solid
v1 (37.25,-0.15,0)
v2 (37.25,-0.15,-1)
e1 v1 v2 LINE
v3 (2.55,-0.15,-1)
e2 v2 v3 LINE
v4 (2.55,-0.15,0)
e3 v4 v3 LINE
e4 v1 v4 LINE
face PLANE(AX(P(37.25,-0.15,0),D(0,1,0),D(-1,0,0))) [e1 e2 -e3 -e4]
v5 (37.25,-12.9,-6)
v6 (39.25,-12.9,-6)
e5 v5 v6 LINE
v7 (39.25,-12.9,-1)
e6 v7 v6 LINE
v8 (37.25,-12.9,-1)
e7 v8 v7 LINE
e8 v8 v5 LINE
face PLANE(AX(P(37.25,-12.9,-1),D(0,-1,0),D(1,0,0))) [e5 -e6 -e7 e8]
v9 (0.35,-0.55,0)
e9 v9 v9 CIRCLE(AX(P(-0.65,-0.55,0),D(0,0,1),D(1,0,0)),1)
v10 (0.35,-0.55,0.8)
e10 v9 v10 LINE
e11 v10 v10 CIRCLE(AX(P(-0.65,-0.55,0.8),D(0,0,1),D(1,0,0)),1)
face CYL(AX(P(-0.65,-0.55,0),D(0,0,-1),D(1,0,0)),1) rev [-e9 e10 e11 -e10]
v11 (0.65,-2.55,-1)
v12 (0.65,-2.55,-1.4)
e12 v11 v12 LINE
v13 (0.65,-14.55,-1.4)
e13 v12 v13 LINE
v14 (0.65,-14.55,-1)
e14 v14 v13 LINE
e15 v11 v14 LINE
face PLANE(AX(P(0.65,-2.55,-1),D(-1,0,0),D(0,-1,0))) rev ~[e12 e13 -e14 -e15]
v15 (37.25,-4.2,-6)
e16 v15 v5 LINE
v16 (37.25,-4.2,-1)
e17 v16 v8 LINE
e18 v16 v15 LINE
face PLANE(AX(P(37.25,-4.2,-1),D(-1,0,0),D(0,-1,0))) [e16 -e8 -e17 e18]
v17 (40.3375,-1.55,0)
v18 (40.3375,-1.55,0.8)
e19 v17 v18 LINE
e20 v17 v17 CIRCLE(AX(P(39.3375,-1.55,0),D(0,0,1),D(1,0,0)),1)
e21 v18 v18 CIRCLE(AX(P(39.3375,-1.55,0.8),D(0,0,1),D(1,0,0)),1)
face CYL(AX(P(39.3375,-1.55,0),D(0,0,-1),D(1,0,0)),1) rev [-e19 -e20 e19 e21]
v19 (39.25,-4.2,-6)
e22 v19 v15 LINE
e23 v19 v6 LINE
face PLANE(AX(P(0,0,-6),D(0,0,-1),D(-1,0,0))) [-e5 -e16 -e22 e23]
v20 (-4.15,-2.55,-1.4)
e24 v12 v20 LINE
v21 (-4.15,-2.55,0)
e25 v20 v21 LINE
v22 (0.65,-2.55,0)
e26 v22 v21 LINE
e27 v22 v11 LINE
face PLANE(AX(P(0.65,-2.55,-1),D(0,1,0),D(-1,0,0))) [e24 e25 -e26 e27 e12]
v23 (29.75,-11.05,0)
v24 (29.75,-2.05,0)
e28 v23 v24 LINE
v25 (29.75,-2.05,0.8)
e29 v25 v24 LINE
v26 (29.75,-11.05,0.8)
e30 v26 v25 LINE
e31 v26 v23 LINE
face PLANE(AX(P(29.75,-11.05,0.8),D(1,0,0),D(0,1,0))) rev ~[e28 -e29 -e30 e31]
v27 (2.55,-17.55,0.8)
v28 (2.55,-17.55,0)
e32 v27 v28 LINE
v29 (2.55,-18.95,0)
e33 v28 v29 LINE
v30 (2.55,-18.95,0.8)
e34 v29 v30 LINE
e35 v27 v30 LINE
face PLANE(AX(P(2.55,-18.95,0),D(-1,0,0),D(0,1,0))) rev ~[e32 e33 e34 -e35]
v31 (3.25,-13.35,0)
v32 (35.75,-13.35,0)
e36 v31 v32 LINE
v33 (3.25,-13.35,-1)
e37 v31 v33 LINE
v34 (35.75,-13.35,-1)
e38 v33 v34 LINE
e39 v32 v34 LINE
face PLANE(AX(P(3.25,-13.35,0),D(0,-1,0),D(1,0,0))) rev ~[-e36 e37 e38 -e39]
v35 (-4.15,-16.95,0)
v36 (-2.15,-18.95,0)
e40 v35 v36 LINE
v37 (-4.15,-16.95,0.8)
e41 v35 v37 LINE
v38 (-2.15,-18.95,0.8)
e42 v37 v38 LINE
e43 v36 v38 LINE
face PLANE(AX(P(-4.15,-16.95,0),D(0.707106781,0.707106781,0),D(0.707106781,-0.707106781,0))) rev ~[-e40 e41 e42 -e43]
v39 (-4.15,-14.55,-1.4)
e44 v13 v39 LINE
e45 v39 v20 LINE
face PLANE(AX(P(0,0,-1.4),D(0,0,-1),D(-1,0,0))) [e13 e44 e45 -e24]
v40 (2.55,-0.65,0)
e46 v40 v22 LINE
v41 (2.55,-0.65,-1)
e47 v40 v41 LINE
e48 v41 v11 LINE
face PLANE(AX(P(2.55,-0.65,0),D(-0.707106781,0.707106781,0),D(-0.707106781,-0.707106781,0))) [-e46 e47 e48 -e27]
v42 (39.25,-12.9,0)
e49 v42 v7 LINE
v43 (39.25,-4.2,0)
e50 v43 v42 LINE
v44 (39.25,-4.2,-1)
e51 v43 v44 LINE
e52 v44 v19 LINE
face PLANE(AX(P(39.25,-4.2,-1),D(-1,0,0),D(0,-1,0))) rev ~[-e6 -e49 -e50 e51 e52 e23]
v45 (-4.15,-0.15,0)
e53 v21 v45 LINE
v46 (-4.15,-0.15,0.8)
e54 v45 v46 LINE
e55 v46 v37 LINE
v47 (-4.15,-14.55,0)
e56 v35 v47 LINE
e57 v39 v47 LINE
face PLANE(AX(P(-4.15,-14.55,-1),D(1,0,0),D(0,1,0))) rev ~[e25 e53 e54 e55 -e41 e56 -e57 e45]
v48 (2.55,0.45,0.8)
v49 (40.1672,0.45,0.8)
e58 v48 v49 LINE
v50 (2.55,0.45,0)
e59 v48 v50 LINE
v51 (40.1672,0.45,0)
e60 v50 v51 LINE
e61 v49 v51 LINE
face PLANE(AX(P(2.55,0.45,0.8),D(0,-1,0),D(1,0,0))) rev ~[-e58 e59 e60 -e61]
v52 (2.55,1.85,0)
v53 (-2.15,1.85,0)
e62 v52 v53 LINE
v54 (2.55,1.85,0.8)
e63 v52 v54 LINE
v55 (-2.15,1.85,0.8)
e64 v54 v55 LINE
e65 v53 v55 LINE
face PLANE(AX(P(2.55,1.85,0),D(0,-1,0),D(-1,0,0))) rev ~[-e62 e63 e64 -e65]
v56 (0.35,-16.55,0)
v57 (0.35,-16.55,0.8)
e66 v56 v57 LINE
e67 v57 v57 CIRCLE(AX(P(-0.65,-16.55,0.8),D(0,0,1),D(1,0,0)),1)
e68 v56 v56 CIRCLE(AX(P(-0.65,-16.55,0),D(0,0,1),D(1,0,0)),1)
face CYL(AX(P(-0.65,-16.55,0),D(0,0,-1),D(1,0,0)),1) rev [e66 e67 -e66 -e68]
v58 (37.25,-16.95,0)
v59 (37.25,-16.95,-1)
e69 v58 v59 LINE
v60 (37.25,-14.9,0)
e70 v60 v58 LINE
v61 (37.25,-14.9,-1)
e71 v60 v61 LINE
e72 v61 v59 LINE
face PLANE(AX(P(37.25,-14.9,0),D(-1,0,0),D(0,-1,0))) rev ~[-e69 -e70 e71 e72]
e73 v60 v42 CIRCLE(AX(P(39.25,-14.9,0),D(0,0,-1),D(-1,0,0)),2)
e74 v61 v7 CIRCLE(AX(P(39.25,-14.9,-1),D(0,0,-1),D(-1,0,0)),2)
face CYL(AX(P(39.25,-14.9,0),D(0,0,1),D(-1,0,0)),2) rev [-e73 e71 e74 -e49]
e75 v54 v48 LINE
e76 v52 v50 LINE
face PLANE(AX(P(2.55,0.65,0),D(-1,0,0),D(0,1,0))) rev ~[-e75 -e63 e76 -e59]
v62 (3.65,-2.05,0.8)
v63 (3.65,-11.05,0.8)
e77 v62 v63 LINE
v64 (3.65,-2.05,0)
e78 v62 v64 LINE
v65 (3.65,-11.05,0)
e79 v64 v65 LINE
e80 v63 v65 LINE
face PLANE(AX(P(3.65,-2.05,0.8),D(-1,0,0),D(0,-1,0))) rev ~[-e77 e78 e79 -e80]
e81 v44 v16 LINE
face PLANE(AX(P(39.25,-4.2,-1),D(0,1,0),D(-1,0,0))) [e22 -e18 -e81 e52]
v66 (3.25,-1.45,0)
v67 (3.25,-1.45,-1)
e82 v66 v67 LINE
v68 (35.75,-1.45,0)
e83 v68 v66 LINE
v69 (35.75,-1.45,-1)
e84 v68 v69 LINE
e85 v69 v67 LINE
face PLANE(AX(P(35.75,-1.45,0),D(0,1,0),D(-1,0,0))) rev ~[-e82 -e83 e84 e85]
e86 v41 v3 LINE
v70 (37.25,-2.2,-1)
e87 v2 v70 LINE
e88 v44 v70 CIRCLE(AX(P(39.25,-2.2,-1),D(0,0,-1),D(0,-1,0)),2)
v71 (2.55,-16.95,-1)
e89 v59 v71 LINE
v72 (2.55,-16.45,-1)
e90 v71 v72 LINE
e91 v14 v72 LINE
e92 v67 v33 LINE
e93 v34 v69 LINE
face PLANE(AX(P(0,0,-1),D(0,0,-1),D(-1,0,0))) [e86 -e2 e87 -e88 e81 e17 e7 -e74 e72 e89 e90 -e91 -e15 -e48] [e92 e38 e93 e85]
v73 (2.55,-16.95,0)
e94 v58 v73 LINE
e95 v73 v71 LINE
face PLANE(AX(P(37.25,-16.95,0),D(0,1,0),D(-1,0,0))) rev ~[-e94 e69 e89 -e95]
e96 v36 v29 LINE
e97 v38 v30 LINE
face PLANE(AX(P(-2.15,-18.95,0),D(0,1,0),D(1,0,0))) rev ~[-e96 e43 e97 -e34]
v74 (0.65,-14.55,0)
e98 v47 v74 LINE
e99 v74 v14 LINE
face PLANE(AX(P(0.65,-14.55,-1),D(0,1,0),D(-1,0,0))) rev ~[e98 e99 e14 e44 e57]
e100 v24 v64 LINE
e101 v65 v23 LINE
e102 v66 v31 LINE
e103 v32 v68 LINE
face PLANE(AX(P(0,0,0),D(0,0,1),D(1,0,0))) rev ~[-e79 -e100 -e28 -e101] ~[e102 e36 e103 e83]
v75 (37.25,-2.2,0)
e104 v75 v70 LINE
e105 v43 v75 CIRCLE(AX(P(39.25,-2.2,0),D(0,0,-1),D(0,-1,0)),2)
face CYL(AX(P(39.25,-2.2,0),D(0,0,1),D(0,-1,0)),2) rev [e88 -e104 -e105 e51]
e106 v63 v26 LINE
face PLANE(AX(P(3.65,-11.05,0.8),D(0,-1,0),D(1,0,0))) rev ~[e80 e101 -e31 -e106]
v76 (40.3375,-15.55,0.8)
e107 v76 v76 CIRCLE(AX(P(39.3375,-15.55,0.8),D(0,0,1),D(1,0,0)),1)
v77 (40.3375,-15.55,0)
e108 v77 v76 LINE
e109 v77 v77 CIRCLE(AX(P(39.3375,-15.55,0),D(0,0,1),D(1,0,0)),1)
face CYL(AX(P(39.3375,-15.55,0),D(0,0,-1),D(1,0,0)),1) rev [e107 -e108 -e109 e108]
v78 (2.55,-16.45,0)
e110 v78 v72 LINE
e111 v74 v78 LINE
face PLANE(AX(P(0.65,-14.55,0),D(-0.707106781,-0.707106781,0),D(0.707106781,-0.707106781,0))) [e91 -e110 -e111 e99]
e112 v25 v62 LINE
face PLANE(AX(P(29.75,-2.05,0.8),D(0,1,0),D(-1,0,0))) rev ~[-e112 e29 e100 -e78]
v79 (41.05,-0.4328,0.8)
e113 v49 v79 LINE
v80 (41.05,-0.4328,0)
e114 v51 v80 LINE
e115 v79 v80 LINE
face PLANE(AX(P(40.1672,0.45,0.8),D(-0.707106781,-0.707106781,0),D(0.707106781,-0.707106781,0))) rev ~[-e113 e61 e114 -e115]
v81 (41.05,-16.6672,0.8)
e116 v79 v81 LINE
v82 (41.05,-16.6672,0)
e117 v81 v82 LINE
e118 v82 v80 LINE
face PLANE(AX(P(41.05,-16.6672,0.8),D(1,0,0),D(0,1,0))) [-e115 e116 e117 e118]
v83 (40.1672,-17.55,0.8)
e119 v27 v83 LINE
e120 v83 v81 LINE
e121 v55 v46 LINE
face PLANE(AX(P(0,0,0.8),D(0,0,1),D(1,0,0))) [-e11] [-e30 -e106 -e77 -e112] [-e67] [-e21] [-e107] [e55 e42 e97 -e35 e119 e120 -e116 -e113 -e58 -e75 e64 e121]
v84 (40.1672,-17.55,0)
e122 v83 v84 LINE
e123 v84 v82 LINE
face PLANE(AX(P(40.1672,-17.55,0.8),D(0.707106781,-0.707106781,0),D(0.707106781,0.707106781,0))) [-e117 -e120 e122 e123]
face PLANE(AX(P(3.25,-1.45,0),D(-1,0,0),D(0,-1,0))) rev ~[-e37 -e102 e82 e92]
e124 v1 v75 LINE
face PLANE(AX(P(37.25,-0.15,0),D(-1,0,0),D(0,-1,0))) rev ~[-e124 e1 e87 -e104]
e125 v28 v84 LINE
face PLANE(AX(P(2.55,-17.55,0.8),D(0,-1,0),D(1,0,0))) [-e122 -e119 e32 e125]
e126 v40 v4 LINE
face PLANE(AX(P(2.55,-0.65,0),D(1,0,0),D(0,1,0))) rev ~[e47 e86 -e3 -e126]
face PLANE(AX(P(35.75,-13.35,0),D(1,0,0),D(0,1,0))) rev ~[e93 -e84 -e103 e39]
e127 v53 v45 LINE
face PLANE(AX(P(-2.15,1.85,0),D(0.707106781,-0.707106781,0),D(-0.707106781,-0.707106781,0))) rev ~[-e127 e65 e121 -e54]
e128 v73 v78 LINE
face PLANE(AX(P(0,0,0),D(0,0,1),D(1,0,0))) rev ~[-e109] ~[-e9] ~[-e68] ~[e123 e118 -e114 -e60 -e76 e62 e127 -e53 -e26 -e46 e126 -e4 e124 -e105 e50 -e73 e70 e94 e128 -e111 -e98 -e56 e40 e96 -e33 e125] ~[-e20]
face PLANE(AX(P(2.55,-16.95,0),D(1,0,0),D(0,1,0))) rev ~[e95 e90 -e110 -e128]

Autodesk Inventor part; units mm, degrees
ref_plane "YZ Plane" through (0, 0, 0) normal (1, 0, 0) x (0, 1, 0)
ref_plane "XZ Plane" through (0, 0, 0) normal (0, 1, 0) x (-1, 0, 0)
ref_plane "XY Plane" through (0, 0, 0) normal (0, 0, 1) x (1, 0, 0)
sketch "Эскиз1" plane through (0, 0, 0) normal (0, 0, 1) x (1, 0, 0)
  line L0 (40.25, 0.65) -> (37.25, 0.65) projected
  line L1 (37.25, 0.65) -> (37.25, -2.2) projected
  arc A0 (37.25, -2.2) -> (39.25, -4.2) centre (39.25, -2.2) ccw projected
  line L2 (39.25, -4.2) -> (39.25, -12.9) projected
  arc A1 (39.25, -12.9) -> (37.25, -14.9) centre (39.25, -14.9) ccw projected
  line L3 (37.25, -14.9) -> (37.25, -17.75) projected
  line L4 (37.25, -17.75) -> (40.25, -17.75) projected
  line L5 (40.25, -17.75) -> (41.25, -16.75) projected
  line L6 (41.25, -16.75) -> (41.25, -0.35) projected
  line L7 (41.25, -0.35) -> (40.25, 0.65) projected
  circle A2 centre (39.3375, -15.55) radius 1 projected
  circle A3 centre (39.3375, -1.55) radius 1 projected
  line L8 (2.55, -18.95) -> (2.55, -17.75) projected
  line L9 (2.55, -17.75) -> (2.55, -16.45) projected
  line L10 (0.65, -14.55) -> (2.55, -16.45) projected
  line L11 (-4.15, -14.55) -> (0.65, -14.55) projected
  line L12 (-4.15, -14.55) -> (-4.15, -16.95) projected
  line L13 (-4.15, -16.95) -> (-2.15, -18.95) projected
  line L14 (-2.15, -18.95) -> (2.55, -18.95) projected
  circle A4 centre (-0.65, -16.55) radius 1 projected
  line L15 (2.55, 0.65) -> (2.55, 1.85) projected
  line L16 (2.55, 1.85) -> (-2.15, 1.85) projected
  line L17 (-2.15, 1.85) -> (-4.15, -0.15) projected
  line L18 (-4.15, -0.15) -> (-4.15, -2.55) projected
  line L19 (0.65, -2.55) -> (-4.15, -2.55) projected
  line L20 (2.55, -0.65) -> (0.65, -2.55) projected
  line L21 (2.55, -0.65) -> (2.55, 0.65) projected
  circle A5 centre (-0.65, -0.55) radius 1 projected
  line L22 (2.55, 0.65) -> (40.25, 0.65) projected
  line L23 (40.25, -17.75) -> (2.55, -17.75) projected
  line L24 (-4.15, -14.55) -> (-4.15, -2.55) projected
  point P0 (0, 0)
extrude "Выдавливание1" add sketch "Эскиз1" along normal blind 0.8
sketch "Эскиз2" plane through (0, 0, 0.8) normal (0, 0, 1) x (1, 0, 0)
  line L0 (3.65, -11.05) -> (29.75, -11.05)
  line L1 (29.75, -11.05) -> (29.75, -2.05)
  line L2 (29.75, -2.05) -> (3.65, -2.05)
  line L3 (3.65, -2.05) -> (3.65, -11.05)
  line L4 (40.25, 0.65) -> (2.55, 0.65) projected
  line L5 (41.25, -16.75) -> (41.25, -0.35) projected
  point P0 (0, 0)
  dimension "d2" = 9
  dimension "d3" = 26.1
  dimension "d4" = 2.7
  dimension "d5" = 11.5
extrude "Выдавливание2" cut sketch "Эскиз2" against normal through all
sketch "Эскиз3" plane through (0, 0, 0) normal (0, 0, -1) x (-1, 0, 0)
  line L0 (-40.25, 0.65) -> (-37.25, 0.65) projected
  line L1 (-37.25, 0.65) -> (-37.25, -2.2) projected
  arc A0 (-39.25, -4.2) -> (-37.25, -2.2) centre (-39.25, -2.2) ccw projected
  line L2 (-39.25, -4.2) -> (-39.25, -12.9) projected
  arc A1 (-37.25, -14.9) -> (-39.25, -12.9) centre (-39.25, -14.9) ccw projected
  line L3 (-37.25, -14.9) -> (-37.25, -17.75) projected
  line L4 (-37.25, -17.75) -> (-40.25, -17.75) projected
  line L5 (-40.25, -17.75) -> (-41.25, -16.75) projected
  line L6 (-41.25, -16.75) -> (-41.25, -0.35) projected
  line L7 (-41.25, -0.35) -> (-40.25, 0.65) projected
  circle A2 centre (-39.3375, -15.55) radius 1 projected
  circle A3 centre (-39.3375, -1.55) radius 1 projected
  line L8 (-2.55, 0.65) -> (-2.55, 1.85) projected
  line L9 (-2.55, 1.85) -> (2.15, 1.85) projected
  line L10 (2.15, 1.85) -> (4.15, -0.15) projected
  line L11 (4.15, -0.15) -> (4.15, -2.55) projected
  line L12 (-0.65, -2.55) -> (4.15, -2.55) projected
  line L13 (-2.55, -0.65) -> (-0.65, -2.55) projected
  line L14 (-2.55, -0.65) -> (-2.55, 0.65) projected
  circle A4 centre (0.65, -0.55) radius 1 projected
  line L15 (-2.55, -18.95) -> (-2.55, -17.75) projected
  line L16 (-2.55, -17.75) -> (-2.55, -16.45) projected
  line L17 (-0.65, -14.55) -> (-2.55, -16.45) projected
  line L18 (4.15, -14.55) -> (-0.65, -14.55) projected
  line L19 (4.15, -14.55) -> (4.15, -16.95) projected
  line L20 (4.15, -16.95) -> (2.15, -18.95) projected
  line L21 (2.15, -18.95) -> (-2.55, -18.95) projected
  circle A5 centre (0.65, -16.55) radius 1 projected
  line L22 (-2.55, -17.75) -> (-40.25, -17.75) projected
  line L23 (4.15, -2.55) -> (4.15, -14.55)
  line L24 (4.15, -0.15) -> (4.15, -16.95) projected
  line L25 (-3.25, -13.35) -> (-35.75, -13.35)
  line L26 (-35.75, -13.35) -> (-35.75, -1.45)
  line L27 (-35.75, -1.45) -> (-3.25, -1.45)
  line L28 (-3.25, -1.45) -> (-3.25, -13.35)
  line L29 (-29.75, -11.05) -> (-29.75, -2.05) projected
  line L30 (-3.65, -11.05) -> (-29.75, -11.05) projected
  line L31 (-3.65, -2.05) -> (-3.65, -11.05) projected
  line L32 (-29.75, -2.05) -> (-3.65, -2.05) projected
  line L33 (2.15, 1.85) -> (-43.25, 1.85) projected
  line L34 (-43.25, -18.95) -> (2.15, -18.95) projected
  line L35 (-37.25, -0.15) -> (-2.55, -0.15)
  line L36 (-37.25, -16.95) -> (-2.55, -16.95)
  point P0 (0, 0)
  dimension "d13" = 6
  dimension "d15" = 0.4
  dimension "d17" = 2.3
  dimension "d18" = 0.6
  dimension "d21" = 2
  dimension "d22" = 2
extrude "Выдавливание3" add sketch "Эскиз3" along normal blind 1 contours L35 L14 L13 L12 L23 L18 L17 L16 L36 L3 A1 L2 A0 L1
sketch "Эскиз4" plane through (0, 0, -1) normal (0, 0, -1) x (-1, 0, 0)
  line L0 (-0.65, -2.55) -> (4.15, -2.55) projected
  line L1 (-2.55, -16.45) -> (-0.65, -14.55) projected
  line L2 (4.15, -2.55) -> (-0.65, -2.55)
  line L3 (-0.65, -2.55) -> (-0.65, -14.55)
  line L4 (-0.65, -14.55) -> (4.15, -14.55)
  line L5 (4.15, -14.55) -> (4.15, -2.55)
  point P0 (0, 0)
extrude "Выдавливание4" add sketch "Эскиз4" along normal blind 0.4
sketch "Эскиз5" plane through (0, 0, -1) normal (0, 0, -1) x (-1, 0, 0)
  line L0 (-39.25, -4.2) -> (-39.25, -12.9) projected
  line L1 (-39.25, -4.2) -> (-37.25, -4.2)
  line L2 (-37.25, -4.2) -> (-37.25, -12.9)
  line L3 (-37.25, -12.9) -> (-39.25, -12.9)
  line L4 (-39.25, -12.9) -> (-39.25, -4.2)
  point P0 (0, 0)
  dimension "d25" = 2
extrude "Выдавливание5" add sketch "Эскиз5" along normal blind 5
sketch "Эскиз7" plane through (0, 0, 0.8) normal (0, 0, 1) x (1, 0, 0)
  line L0 (2.55, -17.75) -> (40.25, -17.75) projected
  line L1 (2.55, -17.75) -> (2.55, -17.55)
  line L2 (2.55, -17.55) -> (40.1672, -17.55)
  line L3 (40.1672, -17.55) -> (41.05, -16.6672)
  line L4 (41.05, -16.6672) -> (41.05, -8.55)
  line L5 (41.25, -16.75) -> (41.25, -0.35) projected
  line L6 (41.25, -8.55) -> (-4.15, -8.55)
  line L7 (-4.15, -0.15) -> (-4.15, -16.95) projected
  line L8 (40.25, -17.75) -> (41.25, -16.75) projected
  line L9 (2.55, 0.45) -> (40.1672, 0.45)
  line L10 (40.1672, 0.45) -> (41.05, -0.4328)
  line L11 (41.05, -0.4328) -> (41.05, -8.55)
  line L12 (35.75, -1.45) -> (35.75, -13.35) projected
  line L13 (29.75, -11.05) -> (3.65, -11.05) projected
  line L14 (3.65, -11.05) -> (3.65, -2.05) projected
  line L15 (3.65, -2.05) -> (29.75, -2.05) projected
  line L16 (29.75, -2.05) -> (29.75, -11.05) projected
  line L17 (-4.15, -0.15) -> (-4.15, -16.95) projected
  line L18 (-4.15, -16.95) -> (-2.15, -18.95) projected
  line L19 (-2.15, -18.95) -> (2.55, -18.95) projected
  line L20 (2.55, -18.95) -> (2.55, -17.75) projected
  line L21 (2.55, -17.75) -> (40.25, -17.75) projected
  line L22 (40.25, -17.75) -> (41.25, -16.75) projected
  line L23 (41.25, -16.75) -> (41.25, -0.35) projected
  line L24 (41.25, -0.35) -> (40.25, 0.65) projected
  line L25 (40.25, 0.65) -> (2.55, 0.65) projected
  line L26 (2.55, 0.65) -> (2.55, 1.85) projected
  line L27 (2.55, 1.85) -> (-2.15, 1.85) projected
  line L28 (-2.15, 1.85) -> (-4.15, -0.15) projected
  circle A0 centre (-0.65, -16.55) radius 1 projected
  circle A1 centre (-0.65, -0.55) radius 1 projected
  circle A2 centre (39.3375, -1.55) radius 1 projected
  circle A3 centre (39.3375, -15.55) radius 1 projected
  line L29 (2.55, 0.45) -> (2.55, 0.65)
  line L30 (40.25, 0.65) -> (2.55, 0.65) projected
  line L31 (2.55, 0.65) -> (40.25, 0.65)
  line L32 (41.25, -0.35) -> (40.25, 0.65) projected
  line L33 (40.25, 0.65) -> (41.25, -0.35)
  point P0 (0, 0)
  dimension "d33" = 0.2
  dimension "d34" = 0.2
  dimension "d35" = 0.2
extrude "Выдавливание7" cut sketch "Эскиз7" against normal through all contours L1 L2 L3 L4 L6 L5 L8 L0 | L6 L11 L10 L9 L29 L25 L24 L5
